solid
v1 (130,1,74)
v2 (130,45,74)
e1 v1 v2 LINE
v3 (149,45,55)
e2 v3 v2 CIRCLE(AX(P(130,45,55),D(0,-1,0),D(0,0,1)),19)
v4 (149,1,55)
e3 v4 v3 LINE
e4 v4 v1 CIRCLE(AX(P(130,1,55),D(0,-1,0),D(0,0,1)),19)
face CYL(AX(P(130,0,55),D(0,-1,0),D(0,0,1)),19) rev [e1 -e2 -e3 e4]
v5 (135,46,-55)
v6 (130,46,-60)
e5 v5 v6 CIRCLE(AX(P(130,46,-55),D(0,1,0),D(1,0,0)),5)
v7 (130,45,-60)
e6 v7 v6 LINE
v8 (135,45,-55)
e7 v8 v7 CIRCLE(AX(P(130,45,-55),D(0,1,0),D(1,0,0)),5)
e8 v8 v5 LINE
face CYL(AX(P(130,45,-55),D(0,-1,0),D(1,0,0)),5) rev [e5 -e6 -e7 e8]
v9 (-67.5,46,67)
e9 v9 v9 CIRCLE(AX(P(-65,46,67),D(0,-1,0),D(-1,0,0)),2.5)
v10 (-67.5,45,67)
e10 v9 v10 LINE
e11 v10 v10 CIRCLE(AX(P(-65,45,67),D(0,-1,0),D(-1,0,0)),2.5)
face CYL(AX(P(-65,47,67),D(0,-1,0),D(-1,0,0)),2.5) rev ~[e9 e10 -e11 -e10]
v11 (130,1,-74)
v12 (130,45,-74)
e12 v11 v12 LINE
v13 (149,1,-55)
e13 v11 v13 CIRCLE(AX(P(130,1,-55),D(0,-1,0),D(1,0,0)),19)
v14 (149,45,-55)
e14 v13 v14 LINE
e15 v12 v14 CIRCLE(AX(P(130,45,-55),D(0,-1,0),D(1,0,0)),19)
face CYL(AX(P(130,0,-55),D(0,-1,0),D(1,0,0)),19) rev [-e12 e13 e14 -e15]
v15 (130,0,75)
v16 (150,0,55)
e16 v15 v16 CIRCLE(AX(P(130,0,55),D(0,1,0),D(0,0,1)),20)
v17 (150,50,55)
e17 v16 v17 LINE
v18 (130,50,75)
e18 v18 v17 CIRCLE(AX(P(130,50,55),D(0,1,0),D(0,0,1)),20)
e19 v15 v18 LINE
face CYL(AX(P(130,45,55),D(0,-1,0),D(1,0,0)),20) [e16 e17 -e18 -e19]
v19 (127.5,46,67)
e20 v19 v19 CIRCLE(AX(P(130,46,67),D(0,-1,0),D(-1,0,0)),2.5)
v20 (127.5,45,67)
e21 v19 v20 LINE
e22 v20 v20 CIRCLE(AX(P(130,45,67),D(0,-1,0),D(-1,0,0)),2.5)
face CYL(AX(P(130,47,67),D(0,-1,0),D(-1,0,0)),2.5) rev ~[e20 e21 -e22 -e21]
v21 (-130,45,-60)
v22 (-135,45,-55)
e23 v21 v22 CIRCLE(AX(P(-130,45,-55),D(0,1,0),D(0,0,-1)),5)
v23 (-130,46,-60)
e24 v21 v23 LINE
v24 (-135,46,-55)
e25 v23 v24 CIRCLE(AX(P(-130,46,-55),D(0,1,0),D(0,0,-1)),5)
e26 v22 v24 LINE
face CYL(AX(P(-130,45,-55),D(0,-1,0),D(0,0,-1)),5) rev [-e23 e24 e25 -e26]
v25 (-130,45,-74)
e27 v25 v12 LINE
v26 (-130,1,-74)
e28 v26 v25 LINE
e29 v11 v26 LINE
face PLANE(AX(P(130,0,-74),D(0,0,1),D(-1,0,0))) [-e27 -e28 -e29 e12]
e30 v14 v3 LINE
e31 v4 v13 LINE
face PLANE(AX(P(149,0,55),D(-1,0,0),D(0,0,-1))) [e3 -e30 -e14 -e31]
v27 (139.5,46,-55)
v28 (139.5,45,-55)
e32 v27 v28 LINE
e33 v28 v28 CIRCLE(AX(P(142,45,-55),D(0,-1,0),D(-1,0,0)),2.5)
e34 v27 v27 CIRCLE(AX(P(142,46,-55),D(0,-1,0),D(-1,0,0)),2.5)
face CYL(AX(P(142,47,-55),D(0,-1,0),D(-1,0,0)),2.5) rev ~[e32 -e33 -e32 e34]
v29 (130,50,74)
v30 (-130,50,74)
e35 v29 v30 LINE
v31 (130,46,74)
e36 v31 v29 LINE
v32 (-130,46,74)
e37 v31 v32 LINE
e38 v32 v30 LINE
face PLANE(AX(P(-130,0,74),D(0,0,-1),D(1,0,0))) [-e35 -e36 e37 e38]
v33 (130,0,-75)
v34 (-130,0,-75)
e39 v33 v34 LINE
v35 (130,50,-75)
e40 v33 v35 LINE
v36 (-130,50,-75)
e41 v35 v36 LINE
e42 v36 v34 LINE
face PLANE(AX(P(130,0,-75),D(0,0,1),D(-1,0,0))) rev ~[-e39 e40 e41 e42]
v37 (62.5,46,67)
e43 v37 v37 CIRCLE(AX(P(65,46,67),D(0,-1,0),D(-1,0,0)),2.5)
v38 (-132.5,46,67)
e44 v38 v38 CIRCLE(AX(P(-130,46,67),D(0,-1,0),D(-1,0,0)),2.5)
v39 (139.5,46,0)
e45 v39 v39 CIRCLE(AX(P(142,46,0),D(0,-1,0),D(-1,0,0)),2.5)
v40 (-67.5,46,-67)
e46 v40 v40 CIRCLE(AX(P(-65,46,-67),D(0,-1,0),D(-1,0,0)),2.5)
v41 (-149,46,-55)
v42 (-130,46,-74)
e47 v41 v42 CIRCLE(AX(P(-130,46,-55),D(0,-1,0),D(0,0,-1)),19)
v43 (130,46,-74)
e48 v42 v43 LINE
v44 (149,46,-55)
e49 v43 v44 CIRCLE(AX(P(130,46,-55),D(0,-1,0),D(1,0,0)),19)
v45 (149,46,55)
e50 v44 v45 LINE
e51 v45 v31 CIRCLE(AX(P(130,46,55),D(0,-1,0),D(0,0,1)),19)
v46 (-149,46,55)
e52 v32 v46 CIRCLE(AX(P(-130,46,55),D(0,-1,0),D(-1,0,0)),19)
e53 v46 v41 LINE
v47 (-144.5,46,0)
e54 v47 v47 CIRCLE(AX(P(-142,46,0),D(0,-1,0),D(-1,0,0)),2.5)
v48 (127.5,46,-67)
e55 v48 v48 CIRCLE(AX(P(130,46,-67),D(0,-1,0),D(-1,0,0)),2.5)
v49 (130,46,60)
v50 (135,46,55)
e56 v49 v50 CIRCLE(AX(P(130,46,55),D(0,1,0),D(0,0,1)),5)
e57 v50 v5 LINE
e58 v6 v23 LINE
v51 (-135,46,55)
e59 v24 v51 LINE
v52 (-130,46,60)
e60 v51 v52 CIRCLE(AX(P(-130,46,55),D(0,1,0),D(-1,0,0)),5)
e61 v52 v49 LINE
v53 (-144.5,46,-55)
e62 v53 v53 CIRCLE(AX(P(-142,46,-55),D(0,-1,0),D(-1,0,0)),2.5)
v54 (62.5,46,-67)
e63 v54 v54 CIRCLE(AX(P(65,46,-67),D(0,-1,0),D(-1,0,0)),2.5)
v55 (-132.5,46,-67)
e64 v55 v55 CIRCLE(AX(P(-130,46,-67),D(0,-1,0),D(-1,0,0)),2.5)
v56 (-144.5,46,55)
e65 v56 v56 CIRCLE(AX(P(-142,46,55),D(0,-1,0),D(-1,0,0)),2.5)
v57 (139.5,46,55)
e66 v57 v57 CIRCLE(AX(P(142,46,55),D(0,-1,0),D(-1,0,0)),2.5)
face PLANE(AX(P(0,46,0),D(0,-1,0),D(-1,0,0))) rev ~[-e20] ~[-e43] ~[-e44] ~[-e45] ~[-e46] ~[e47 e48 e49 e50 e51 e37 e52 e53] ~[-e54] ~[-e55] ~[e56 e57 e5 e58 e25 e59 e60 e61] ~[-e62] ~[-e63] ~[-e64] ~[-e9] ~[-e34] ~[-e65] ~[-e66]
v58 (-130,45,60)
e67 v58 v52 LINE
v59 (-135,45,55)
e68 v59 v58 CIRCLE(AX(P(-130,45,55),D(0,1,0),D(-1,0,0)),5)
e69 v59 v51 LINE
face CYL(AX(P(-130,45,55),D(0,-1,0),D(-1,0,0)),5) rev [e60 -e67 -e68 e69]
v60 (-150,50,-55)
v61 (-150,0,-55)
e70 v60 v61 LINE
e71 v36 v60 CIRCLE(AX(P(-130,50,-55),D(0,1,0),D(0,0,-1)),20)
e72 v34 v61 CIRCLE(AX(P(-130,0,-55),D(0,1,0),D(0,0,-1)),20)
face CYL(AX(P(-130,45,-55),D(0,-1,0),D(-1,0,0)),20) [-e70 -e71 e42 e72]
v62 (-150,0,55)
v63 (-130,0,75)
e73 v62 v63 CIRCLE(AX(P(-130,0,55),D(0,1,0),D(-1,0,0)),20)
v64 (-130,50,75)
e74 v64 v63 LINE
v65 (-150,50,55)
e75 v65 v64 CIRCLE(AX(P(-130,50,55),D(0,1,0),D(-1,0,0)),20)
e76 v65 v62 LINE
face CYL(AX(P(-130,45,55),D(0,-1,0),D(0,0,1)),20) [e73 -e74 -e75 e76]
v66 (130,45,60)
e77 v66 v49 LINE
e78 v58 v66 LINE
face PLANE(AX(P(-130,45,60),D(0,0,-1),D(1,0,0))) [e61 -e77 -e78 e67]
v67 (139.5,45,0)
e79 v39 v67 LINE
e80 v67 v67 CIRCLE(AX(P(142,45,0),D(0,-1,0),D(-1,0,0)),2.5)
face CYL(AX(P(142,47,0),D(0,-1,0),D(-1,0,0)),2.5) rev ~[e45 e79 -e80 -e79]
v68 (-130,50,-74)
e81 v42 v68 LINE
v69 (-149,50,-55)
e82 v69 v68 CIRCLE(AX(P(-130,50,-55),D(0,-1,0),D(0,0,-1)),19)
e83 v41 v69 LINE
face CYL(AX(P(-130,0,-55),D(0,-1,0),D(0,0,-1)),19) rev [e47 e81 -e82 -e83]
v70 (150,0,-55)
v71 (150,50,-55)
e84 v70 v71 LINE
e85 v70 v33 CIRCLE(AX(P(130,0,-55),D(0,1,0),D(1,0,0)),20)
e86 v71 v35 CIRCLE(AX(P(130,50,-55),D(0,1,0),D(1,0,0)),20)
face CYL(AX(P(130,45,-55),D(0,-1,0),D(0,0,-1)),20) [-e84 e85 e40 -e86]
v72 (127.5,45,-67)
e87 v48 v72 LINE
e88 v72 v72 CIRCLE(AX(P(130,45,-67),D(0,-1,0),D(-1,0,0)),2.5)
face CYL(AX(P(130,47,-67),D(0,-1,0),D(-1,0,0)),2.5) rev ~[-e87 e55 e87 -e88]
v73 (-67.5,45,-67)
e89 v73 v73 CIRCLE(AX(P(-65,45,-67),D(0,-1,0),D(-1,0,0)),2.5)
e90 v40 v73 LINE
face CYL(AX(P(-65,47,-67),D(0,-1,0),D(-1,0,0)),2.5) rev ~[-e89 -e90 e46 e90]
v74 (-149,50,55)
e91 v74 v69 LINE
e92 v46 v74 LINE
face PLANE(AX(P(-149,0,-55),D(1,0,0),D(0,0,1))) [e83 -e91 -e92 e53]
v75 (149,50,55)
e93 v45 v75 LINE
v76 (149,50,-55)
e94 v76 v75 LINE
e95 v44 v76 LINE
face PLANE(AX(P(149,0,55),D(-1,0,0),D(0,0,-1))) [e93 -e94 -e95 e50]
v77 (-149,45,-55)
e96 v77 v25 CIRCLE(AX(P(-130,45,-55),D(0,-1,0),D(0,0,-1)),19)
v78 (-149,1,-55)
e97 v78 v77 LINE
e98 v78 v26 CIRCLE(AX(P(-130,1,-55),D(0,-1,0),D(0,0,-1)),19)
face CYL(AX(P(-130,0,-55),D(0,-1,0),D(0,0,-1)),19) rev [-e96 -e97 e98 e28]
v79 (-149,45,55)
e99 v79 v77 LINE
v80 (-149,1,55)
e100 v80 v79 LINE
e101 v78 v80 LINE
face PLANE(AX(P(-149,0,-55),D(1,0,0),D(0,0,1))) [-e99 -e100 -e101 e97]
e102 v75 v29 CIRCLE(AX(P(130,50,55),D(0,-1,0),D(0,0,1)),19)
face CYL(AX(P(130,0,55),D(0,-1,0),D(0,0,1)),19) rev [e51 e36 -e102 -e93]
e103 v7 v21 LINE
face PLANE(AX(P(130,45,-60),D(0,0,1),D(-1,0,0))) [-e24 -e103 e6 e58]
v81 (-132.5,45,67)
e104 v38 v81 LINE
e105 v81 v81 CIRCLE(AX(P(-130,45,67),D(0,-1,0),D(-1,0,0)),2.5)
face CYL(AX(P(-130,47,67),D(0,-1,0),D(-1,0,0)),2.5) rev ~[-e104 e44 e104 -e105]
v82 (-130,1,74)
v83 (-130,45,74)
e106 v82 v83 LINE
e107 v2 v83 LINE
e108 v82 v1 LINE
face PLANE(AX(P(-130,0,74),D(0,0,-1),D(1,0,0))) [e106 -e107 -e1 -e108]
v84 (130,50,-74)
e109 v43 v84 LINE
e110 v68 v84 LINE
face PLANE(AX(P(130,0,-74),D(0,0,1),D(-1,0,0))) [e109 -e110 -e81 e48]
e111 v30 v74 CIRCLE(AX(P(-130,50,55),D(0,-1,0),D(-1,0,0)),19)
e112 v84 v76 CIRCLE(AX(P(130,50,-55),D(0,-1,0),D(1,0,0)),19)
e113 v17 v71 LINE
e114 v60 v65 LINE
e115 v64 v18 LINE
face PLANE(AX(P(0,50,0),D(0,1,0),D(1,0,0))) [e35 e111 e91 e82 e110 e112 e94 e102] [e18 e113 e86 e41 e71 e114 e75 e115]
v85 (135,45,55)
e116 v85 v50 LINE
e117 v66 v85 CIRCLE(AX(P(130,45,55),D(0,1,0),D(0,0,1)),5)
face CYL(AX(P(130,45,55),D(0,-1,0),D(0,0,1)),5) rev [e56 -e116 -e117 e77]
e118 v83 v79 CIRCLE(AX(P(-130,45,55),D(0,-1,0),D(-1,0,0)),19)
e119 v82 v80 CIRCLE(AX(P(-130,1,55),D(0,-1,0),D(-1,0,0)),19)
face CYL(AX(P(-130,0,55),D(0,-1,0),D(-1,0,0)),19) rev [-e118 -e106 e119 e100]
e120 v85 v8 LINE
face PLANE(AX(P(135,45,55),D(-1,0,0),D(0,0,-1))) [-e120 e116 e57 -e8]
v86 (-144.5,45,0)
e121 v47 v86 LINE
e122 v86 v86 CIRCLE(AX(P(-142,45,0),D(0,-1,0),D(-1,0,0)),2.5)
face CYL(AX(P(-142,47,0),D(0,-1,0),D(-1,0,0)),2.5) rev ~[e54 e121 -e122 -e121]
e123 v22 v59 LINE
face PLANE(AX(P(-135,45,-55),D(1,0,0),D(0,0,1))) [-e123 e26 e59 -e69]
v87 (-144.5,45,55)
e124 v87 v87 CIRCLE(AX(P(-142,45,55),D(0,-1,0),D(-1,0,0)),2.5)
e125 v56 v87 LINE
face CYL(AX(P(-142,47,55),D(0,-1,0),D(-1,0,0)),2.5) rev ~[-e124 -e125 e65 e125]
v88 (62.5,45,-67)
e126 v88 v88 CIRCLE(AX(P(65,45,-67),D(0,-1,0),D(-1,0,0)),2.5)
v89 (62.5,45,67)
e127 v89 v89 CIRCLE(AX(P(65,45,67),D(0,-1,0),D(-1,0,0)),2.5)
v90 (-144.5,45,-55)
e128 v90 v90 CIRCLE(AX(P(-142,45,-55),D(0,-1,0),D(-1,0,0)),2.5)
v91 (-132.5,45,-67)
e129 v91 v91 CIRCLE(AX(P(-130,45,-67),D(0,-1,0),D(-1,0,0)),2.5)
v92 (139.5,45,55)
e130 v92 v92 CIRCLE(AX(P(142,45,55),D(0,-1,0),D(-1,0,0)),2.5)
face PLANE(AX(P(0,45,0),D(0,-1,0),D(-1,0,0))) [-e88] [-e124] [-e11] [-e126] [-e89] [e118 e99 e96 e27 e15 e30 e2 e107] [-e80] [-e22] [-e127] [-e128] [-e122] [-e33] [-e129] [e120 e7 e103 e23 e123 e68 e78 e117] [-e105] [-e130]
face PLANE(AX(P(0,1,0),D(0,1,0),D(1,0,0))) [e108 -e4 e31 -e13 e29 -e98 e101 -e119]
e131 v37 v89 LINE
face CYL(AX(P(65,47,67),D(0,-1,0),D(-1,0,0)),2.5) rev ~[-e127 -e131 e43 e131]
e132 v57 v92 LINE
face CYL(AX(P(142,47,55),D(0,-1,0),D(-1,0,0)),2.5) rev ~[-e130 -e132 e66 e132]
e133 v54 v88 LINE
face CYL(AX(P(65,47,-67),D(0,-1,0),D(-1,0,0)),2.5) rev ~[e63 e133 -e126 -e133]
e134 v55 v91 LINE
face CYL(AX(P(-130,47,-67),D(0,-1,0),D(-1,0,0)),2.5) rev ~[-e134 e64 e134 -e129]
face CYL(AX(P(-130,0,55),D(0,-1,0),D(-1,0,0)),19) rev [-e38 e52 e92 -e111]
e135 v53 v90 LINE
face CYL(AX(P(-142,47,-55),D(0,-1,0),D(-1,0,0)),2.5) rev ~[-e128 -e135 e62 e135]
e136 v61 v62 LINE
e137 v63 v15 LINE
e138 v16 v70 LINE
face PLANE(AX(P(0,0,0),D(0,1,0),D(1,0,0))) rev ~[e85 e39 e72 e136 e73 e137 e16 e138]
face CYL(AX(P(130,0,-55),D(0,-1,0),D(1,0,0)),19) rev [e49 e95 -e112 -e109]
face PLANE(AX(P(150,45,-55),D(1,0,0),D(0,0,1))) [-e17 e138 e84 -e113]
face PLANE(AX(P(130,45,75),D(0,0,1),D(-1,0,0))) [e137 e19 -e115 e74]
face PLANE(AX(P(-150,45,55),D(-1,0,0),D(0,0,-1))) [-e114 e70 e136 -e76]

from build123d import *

# Parameters (mm, degrees)
BOSS_EXTRUDE1_DEPTH       = 50
SHELL1_T                  = -1
BOSS_EXTRUDE3_START       = 5
BOSS_EXTRUDE3_DEPTH       = 1
F_5_0MM_DOWEL_HOLE2_D     = 5
F_5_0MM_DOWEL_HOLE2_DEPTH = 1
F_5_0MM_DOWEL_HOLE3_D     = 5
F_5_0MM_DOWEL_HOLE3_DEPTH = 1


with BuildPart() as part:
    # Sketch1 → Boss-Extrude1 (new body)
    with BuildSketch(Plane(origin=(0, 0, 0), x_dir=(1, 0, 0), z_dir=(0, 1, 0))):
        with BuildLine():
            Line((-130, -75), (130, -75))
            ThreePointArc((130, -75), (144.142135624, -69.142135624), (150, -55))
            Line((150, -55), (150, 55))
            ThreePointArc((150, 55), (144.142135624, 69.142135624), (130, 75))
            Line((130, 75), (-130, 75))
            ThreePointArc((-130, 75), (-144.142135624, 69.142135624), (-150, 55))
            Line((-150, 55), (-150, -55))
            ThreePointArc((-150, -55), (-144.142135624, -69.142135624), (-130, -75))
        make_face()
    extrude(amount=BOSS_EXTRUDE1_DEPTH)

    # Shell1
    shell1_openings = [part.faces().sort_by_distance(p)[0] for p in [
        (0, 50, 0),
    ]]
    offset(amount=SHELL1_T, openings=shell1_openings, kind=Kind.INTERSECTION)

    # Sketch3 → Boss-Extrude3 (add)
    with BuildSketch(Plane(origin=(0, 50, 0), x_dir=(-1, 0, 0), z_dir=(0, -1, 0)).offset(BOSS_EXTRUDE3_START)):
        with BuildLine():
            Line((130, 75), (-130, 75))
            ThreePointArc((-130, 75), (-144.142135624, 69.142135624), (-150, 55))
            Line((-150, 55), (-150, -55))
            ThreePointArc((-150, -55), (-144.142135624, -69.142135624), (-130, -75))
            Line((-130, -75), (130, -75))
            ThreePointArc((130, -75), (144.142135624, -69.142135624), (150, -55))
            Line((150, -55), (150, 55))
            ThreePointArc((150, 55), (144.142135624, 69.142135624), (130, 75))
        make_face()
        with BuildLine():
            Line((130, -60), (-130, -60))
            ThreePointArc((-130, -60), (-133.535533906, -58.535533906), (-135, -55))
            Line((-135, -55), (-135, 55))
            ThreePointArc((-135, 55), (-133.535533906, 58.535533906), (-130, 60))
            Line((-130, 60), (130, 60))
            ThreePointArc((130, 60), (133.535533906, 58.535533906), (135, 55))
            Line((135, 55), (135, -55))
            ThreePointArc((135, -55), (133.535533906, -58.535533906), (130, -60))
        make_face(mode=Mode.SUBTRACT)
    extrude(amount=-BOSS_EXTRUDE3_DEPTH)

    # Ø5.0mm Dowel Hole2
    with Locations(Plane(origin=(0, 46, 0), x_dir=(1, 0, 0), z_dir=(0, 1, 0))):
        with Locations((-65, 67), (65, 67), (142, 0), (-142, 0), (-65, -67), (65, -67)):
            Hole(F_5_0MM_DOWEL_HOLE2_D / 2, depth=F_5_0MM_DOWEL_HOLE2_DEPTH)

    # Ø5.0mm Dowel Hole3
    with Locations(Plane(origin=(0, 46, 0), x_dir=(1, 0, 0), z_dir=(0, 1, 0))):
        with Locations((-130, 67), (-142, 55), (-142, -55), (-130, -67), (130, -67), (142, -55), (142, 55), (130, 67)):
            Hole(F_5_0MM_DOWEL_HOLE3_D / 2, depth=F_5_0MM_DOWEL_HOLE3_DEPTH)


solid = part.part
